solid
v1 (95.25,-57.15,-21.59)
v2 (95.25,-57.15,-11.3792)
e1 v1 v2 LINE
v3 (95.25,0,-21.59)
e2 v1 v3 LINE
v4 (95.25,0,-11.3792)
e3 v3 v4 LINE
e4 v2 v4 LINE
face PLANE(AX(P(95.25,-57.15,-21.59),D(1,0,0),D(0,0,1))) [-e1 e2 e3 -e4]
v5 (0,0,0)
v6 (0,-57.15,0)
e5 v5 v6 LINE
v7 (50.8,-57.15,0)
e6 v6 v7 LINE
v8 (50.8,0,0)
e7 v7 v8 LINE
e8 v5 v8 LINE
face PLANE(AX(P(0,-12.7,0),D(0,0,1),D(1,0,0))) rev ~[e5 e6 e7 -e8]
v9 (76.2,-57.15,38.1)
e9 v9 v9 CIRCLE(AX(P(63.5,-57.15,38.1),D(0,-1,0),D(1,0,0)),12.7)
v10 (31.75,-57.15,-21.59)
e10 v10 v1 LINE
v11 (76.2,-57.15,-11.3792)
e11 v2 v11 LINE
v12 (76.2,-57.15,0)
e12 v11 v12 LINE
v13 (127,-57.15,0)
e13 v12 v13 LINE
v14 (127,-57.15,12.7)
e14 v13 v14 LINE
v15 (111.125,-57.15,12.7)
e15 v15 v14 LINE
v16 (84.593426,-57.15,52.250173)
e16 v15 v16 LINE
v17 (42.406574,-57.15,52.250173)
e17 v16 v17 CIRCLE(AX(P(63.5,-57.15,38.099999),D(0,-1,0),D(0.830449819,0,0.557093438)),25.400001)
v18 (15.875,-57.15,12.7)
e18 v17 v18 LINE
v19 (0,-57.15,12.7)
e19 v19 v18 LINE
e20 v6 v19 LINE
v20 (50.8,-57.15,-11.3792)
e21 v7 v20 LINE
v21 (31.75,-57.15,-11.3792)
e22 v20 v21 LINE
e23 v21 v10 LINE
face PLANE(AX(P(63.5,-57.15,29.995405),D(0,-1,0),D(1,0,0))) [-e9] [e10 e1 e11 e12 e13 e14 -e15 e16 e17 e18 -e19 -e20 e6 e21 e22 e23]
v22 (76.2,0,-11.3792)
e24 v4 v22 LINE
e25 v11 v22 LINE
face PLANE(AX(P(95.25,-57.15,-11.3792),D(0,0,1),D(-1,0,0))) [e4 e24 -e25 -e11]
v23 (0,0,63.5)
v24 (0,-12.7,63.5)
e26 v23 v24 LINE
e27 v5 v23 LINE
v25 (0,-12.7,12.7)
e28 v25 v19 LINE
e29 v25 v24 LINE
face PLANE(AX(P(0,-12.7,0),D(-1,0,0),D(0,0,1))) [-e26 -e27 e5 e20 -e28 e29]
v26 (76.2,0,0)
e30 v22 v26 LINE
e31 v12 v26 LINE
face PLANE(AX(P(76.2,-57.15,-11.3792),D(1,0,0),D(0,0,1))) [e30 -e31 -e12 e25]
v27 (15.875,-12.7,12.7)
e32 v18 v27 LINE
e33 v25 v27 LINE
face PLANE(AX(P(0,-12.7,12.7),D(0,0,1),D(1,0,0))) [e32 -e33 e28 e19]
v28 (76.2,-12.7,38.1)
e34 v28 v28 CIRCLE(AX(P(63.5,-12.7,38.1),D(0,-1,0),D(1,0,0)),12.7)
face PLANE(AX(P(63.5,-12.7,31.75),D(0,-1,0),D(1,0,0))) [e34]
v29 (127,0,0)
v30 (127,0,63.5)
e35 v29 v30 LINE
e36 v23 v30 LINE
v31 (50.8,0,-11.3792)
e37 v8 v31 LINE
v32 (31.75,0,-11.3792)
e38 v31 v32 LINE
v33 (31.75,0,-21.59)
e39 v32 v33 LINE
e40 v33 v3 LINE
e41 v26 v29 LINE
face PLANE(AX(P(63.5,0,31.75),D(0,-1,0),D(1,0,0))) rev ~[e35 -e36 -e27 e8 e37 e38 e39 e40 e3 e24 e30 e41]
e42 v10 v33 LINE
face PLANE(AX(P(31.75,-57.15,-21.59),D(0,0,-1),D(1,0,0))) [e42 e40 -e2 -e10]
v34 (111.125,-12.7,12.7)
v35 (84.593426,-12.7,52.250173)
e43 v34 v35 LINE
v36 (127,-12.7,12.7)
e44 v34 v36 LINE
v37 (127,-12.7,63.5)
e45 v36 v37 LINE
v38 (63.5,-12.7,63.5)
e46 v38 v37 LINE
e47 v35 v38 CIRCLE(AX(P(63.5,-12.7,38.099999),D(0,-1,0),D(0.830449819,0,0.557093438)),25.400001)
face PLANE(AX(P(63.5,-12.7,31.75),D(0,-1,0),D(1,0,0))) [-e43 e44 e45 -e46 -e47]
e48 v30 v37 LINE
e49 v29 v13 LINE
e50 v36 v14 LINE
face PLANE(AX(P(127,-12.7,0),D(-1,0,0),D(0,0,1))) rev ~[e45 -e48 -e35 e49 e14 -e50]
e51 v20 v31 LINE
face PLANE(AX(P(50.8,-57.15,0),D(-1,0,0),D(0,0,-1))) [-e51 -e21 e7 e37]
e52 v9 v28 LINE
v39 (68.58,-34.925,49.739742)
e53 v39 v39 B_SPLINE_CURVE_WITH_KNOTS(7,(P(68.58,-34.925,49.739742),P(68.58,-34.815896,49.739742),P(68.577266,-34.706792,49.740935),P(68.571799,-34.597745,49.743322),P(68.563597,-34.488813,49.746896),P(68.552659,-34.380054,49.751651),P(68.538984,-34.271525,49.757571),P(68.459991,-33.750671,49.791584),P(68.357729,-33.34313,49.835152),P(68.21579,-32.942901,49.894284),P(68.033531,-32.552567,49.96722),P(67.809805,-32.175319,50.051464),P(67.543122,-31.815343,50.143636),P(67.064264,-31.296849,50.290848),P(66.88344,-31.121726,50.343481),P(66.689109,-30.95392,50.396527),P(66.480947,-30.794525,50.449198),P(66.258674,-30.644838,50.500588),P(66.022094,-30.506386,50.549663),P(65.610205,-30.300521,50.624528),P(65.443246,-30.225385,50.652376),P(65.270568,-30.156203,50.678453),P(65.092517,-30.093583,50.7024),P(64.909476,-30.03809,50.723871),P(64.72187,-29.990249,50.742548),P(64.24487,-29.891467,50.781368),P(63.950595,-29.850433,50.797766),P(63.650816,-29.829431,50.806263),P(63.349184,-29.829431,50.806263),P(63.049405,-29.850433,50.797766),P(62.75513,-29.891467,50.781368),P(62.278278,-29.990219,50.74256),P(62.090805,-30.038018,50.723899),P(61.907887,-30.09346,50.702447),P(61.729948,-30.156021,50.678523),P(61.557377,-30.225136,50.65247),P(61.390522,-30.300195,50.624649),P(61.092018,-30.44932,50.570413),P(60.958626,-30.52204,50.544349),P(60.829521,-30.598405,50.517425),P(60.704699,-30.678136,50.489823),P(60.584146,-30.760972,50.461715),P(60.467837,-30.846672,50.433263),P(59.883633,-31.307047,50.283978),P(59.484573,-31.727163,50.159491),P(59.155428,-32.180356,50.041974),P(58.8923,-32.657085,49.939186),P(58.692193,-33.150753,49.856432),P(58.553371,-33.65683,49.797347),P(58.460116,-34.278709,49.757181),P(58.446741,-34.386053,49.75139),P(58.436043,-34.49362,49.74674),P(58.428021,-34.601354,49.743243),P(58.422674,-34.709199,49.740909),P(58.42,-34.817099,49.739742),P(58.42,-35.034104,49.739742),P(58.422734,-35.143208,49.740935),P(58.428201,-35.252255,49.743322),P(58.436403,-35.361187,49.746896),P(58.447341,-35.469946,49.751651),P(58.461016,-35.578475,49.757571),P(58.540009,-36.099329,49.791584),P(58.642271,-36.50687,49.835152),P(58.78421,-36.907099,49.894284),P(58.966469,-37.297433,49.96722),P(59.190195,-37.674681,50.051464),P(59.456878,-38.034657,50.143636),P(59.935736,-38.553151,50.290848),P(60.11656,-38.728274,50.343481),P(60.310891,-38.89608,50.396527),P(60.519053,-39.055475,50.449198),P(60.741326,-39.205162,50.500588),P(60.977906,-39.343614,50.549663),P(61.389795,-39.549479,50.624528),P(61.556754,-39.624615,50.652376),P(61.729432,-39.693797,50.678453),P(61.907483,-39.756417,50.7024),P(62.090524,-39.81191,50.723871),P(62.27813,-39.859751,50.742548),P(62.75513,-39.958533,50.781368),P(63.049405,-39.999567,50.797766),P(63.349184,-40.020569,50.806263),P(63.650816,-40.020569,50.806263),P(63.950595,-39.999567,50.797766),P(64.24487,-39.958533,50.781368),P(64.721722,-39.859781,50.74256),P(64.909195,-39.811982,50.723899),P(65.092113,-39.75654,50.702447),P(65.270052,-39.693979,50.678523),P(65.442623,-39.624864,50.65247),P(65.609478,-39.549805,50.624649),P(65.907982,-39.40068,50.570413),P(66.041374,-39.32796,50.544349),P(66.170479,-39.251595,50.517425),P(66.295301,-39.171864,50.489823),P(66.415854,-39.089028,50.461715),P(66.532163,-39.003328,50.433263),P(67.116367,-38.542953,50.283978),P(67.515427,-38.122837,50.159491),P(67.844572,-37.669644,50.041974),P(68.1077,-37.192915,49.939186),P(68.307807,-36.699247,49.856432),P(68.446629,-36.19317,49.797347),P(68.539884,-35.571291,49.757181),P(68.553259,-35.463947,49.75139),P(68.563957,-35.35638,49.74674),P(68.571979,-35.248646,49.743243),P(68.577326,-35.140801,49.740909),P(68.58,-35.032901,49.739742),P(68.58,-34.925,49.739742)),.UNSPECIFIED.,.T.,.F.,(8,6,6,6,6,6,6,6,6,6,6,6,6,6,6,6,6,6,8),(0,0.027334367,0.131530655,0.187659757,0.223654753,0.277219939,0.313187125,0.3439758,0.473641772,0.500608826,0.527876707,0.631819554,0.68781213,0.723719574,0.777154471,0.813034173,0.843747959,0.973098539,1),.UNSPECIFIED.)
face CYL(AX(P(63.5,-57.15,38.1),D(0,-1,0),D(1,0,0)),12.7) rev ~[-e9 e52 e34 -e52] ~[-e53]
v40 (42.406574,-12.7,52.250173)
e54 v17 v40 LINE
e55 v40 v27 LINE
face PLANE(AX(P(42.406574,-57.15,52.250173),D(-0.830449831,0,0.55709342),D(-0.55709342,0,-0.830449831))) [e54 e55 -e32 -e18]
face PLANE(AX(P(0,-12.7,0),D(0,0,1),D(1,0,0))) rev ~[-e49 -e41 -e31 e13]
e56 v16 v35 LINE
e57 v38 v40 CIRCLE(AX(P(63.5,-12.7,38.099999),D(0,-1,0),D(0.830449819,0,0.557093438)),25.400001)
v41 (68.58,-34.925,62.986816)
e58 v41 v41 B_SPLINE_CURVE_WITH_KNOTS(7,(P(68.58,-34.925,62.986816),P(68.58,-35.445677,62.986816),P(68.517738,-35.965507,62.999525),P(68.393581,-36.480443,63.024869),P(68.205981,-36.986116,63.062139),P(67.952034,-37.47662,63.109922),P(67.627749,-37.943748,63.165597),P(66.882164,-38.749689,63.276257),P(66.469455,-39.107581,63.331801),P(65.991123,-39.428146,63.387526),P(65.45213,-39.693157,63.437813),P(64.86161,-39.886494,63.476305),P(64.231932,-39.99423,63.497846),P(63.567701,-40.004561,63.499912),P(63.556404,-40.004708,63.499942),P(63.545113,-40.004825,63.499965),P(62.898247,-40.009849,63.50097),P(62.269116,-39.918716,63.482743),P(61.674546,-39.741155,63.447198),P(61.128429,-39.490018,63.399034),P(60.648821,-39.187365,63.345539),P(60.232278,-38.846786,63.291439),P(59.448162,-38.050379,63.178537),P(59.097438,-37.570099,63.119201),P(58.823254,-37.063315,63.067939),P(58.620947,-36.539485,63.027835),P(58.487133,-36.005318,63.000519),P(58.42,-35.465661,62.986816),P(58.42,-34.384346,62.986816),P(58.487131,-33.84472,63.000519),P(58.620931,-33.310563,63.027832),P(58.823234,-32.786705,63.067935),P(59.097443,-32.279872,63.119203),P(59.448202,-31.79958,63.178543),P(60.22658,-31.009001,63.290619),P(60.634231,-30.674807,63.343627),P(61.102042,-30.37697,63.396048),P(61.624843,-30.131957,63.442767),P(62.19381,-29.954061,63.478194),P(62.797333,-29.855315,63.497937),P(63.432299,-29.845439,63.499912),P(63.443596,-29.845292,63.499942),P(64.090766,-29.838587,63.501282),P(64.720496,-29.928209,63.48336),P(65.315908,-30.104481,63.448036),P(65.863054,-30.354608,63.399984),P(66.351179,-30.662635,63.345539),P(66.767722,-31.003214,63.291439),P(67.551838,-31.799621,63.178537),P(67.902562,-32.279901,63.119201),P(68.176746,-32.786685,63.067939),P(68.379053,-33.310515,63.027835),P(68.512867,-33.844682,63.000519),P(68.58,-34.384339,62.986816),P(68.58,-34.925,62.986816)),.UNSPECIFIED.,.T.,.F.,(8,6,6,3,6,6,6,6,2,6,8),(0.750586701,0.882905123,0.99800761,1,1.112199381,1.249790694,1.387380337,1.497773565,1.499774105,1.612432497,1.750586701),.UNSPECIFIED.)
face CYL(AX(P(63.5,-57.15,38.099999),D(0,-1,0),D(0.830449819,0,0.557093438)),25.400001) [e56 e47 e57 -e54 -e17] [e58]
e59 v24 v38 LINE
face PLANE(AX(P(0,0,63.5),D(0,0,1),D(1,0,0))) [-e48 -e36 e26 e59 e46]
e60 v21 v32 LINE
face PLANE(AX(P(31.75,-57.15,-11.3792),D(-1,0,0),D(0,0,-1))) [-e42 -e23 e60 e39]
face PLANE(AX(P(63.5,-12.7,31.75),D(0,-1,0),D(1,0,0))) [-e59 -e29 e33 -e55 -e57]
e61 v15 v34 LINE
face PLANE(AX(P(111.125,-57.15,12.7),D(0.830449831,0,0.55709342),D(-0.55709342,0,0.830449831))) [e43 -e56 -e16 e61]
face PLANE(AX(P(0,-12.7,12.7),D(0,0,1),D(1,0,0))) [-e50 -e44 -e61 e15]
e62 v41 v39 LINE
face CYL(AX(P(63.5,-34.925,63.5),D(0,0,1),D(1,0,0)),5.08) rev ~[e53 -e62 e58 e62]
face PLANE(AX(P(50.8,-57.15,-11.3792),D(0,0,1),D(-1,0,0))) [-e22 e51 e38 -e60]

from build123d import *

# Parameters (mm, degrees)
F0_W     = 127
F0_H     = 63.5
F1_DEPTH = 12.7
F2_W     = 127
F2_H     = 12.7
F3_DEPTH = 44.45
F5_DEPTH = 57.15
F6_R     = 12.7
F7_DEPTH = 44.45
F8_R     = 5.08
F9_DEPTH = 25.4


with BuildPart() as f1:
    # F0 (on Front) → F1 (new body)
    with BuildSketch(Plane.XZ):
        with Locations((63.5, 31.75)):
            Rectangle(F0_W, F0_H)
    extrude(amount=F1_DEPTH)

    # F2 (on face) → F3 (join)
    with BuildSketch(Plane.XZ.offset(12.7)):
        with Locations((63.5, 6.35)):
            Rectangle(F2_W, F2_H)
    extrude(amount=F3_DEPTH)

    # F4 (on face) → F5 (join)
    with BuildSketch(Plane.XZ.offset(57.15)):
        Polygon((31.75, -21.59), (63.5, -21.59), (95.25, -21.59), (95.25, -11.3792), (76.2, -11.3792), (76.2, 0), (63.5, 0), (50.8, 0), (50.8, -11.3792), (31.75, -11.3792), align=None)
    extrude(amount=-F5_DEPTH)

    # F6 (on face) → F7 (join)
    with BuildSketch(Plane.XZ.offset(57.15)):
        with BuildLine():
            Line((42.406574, 52.250173), (15.875, 12.7))
            Line((15.875, 12.7), (111.125, 12.7))
            Line((111.125, 12.7), (84.593426, 52.250173))
            ThreePointArc((84.593426, 52.250173), (63.5, 63.5), (42.406574, 52.250173))
        make_face()
        with Locations((63.5, 38.1)):
            Circle(F6_R, mode=Mode.SUBTRACT)
    extrude(amount=-F7_DEPTH)

    # F8 (on face) → F9 (cut)
    with BuildSketch(Plane.XY.offset(63.5)):
        with Locations((63.5, -34.925)):
            Circle(F8_R)
    extrude(amount=-F9_DEPTH, mode=Mode.SUBTRACT)


solid = f1.part
